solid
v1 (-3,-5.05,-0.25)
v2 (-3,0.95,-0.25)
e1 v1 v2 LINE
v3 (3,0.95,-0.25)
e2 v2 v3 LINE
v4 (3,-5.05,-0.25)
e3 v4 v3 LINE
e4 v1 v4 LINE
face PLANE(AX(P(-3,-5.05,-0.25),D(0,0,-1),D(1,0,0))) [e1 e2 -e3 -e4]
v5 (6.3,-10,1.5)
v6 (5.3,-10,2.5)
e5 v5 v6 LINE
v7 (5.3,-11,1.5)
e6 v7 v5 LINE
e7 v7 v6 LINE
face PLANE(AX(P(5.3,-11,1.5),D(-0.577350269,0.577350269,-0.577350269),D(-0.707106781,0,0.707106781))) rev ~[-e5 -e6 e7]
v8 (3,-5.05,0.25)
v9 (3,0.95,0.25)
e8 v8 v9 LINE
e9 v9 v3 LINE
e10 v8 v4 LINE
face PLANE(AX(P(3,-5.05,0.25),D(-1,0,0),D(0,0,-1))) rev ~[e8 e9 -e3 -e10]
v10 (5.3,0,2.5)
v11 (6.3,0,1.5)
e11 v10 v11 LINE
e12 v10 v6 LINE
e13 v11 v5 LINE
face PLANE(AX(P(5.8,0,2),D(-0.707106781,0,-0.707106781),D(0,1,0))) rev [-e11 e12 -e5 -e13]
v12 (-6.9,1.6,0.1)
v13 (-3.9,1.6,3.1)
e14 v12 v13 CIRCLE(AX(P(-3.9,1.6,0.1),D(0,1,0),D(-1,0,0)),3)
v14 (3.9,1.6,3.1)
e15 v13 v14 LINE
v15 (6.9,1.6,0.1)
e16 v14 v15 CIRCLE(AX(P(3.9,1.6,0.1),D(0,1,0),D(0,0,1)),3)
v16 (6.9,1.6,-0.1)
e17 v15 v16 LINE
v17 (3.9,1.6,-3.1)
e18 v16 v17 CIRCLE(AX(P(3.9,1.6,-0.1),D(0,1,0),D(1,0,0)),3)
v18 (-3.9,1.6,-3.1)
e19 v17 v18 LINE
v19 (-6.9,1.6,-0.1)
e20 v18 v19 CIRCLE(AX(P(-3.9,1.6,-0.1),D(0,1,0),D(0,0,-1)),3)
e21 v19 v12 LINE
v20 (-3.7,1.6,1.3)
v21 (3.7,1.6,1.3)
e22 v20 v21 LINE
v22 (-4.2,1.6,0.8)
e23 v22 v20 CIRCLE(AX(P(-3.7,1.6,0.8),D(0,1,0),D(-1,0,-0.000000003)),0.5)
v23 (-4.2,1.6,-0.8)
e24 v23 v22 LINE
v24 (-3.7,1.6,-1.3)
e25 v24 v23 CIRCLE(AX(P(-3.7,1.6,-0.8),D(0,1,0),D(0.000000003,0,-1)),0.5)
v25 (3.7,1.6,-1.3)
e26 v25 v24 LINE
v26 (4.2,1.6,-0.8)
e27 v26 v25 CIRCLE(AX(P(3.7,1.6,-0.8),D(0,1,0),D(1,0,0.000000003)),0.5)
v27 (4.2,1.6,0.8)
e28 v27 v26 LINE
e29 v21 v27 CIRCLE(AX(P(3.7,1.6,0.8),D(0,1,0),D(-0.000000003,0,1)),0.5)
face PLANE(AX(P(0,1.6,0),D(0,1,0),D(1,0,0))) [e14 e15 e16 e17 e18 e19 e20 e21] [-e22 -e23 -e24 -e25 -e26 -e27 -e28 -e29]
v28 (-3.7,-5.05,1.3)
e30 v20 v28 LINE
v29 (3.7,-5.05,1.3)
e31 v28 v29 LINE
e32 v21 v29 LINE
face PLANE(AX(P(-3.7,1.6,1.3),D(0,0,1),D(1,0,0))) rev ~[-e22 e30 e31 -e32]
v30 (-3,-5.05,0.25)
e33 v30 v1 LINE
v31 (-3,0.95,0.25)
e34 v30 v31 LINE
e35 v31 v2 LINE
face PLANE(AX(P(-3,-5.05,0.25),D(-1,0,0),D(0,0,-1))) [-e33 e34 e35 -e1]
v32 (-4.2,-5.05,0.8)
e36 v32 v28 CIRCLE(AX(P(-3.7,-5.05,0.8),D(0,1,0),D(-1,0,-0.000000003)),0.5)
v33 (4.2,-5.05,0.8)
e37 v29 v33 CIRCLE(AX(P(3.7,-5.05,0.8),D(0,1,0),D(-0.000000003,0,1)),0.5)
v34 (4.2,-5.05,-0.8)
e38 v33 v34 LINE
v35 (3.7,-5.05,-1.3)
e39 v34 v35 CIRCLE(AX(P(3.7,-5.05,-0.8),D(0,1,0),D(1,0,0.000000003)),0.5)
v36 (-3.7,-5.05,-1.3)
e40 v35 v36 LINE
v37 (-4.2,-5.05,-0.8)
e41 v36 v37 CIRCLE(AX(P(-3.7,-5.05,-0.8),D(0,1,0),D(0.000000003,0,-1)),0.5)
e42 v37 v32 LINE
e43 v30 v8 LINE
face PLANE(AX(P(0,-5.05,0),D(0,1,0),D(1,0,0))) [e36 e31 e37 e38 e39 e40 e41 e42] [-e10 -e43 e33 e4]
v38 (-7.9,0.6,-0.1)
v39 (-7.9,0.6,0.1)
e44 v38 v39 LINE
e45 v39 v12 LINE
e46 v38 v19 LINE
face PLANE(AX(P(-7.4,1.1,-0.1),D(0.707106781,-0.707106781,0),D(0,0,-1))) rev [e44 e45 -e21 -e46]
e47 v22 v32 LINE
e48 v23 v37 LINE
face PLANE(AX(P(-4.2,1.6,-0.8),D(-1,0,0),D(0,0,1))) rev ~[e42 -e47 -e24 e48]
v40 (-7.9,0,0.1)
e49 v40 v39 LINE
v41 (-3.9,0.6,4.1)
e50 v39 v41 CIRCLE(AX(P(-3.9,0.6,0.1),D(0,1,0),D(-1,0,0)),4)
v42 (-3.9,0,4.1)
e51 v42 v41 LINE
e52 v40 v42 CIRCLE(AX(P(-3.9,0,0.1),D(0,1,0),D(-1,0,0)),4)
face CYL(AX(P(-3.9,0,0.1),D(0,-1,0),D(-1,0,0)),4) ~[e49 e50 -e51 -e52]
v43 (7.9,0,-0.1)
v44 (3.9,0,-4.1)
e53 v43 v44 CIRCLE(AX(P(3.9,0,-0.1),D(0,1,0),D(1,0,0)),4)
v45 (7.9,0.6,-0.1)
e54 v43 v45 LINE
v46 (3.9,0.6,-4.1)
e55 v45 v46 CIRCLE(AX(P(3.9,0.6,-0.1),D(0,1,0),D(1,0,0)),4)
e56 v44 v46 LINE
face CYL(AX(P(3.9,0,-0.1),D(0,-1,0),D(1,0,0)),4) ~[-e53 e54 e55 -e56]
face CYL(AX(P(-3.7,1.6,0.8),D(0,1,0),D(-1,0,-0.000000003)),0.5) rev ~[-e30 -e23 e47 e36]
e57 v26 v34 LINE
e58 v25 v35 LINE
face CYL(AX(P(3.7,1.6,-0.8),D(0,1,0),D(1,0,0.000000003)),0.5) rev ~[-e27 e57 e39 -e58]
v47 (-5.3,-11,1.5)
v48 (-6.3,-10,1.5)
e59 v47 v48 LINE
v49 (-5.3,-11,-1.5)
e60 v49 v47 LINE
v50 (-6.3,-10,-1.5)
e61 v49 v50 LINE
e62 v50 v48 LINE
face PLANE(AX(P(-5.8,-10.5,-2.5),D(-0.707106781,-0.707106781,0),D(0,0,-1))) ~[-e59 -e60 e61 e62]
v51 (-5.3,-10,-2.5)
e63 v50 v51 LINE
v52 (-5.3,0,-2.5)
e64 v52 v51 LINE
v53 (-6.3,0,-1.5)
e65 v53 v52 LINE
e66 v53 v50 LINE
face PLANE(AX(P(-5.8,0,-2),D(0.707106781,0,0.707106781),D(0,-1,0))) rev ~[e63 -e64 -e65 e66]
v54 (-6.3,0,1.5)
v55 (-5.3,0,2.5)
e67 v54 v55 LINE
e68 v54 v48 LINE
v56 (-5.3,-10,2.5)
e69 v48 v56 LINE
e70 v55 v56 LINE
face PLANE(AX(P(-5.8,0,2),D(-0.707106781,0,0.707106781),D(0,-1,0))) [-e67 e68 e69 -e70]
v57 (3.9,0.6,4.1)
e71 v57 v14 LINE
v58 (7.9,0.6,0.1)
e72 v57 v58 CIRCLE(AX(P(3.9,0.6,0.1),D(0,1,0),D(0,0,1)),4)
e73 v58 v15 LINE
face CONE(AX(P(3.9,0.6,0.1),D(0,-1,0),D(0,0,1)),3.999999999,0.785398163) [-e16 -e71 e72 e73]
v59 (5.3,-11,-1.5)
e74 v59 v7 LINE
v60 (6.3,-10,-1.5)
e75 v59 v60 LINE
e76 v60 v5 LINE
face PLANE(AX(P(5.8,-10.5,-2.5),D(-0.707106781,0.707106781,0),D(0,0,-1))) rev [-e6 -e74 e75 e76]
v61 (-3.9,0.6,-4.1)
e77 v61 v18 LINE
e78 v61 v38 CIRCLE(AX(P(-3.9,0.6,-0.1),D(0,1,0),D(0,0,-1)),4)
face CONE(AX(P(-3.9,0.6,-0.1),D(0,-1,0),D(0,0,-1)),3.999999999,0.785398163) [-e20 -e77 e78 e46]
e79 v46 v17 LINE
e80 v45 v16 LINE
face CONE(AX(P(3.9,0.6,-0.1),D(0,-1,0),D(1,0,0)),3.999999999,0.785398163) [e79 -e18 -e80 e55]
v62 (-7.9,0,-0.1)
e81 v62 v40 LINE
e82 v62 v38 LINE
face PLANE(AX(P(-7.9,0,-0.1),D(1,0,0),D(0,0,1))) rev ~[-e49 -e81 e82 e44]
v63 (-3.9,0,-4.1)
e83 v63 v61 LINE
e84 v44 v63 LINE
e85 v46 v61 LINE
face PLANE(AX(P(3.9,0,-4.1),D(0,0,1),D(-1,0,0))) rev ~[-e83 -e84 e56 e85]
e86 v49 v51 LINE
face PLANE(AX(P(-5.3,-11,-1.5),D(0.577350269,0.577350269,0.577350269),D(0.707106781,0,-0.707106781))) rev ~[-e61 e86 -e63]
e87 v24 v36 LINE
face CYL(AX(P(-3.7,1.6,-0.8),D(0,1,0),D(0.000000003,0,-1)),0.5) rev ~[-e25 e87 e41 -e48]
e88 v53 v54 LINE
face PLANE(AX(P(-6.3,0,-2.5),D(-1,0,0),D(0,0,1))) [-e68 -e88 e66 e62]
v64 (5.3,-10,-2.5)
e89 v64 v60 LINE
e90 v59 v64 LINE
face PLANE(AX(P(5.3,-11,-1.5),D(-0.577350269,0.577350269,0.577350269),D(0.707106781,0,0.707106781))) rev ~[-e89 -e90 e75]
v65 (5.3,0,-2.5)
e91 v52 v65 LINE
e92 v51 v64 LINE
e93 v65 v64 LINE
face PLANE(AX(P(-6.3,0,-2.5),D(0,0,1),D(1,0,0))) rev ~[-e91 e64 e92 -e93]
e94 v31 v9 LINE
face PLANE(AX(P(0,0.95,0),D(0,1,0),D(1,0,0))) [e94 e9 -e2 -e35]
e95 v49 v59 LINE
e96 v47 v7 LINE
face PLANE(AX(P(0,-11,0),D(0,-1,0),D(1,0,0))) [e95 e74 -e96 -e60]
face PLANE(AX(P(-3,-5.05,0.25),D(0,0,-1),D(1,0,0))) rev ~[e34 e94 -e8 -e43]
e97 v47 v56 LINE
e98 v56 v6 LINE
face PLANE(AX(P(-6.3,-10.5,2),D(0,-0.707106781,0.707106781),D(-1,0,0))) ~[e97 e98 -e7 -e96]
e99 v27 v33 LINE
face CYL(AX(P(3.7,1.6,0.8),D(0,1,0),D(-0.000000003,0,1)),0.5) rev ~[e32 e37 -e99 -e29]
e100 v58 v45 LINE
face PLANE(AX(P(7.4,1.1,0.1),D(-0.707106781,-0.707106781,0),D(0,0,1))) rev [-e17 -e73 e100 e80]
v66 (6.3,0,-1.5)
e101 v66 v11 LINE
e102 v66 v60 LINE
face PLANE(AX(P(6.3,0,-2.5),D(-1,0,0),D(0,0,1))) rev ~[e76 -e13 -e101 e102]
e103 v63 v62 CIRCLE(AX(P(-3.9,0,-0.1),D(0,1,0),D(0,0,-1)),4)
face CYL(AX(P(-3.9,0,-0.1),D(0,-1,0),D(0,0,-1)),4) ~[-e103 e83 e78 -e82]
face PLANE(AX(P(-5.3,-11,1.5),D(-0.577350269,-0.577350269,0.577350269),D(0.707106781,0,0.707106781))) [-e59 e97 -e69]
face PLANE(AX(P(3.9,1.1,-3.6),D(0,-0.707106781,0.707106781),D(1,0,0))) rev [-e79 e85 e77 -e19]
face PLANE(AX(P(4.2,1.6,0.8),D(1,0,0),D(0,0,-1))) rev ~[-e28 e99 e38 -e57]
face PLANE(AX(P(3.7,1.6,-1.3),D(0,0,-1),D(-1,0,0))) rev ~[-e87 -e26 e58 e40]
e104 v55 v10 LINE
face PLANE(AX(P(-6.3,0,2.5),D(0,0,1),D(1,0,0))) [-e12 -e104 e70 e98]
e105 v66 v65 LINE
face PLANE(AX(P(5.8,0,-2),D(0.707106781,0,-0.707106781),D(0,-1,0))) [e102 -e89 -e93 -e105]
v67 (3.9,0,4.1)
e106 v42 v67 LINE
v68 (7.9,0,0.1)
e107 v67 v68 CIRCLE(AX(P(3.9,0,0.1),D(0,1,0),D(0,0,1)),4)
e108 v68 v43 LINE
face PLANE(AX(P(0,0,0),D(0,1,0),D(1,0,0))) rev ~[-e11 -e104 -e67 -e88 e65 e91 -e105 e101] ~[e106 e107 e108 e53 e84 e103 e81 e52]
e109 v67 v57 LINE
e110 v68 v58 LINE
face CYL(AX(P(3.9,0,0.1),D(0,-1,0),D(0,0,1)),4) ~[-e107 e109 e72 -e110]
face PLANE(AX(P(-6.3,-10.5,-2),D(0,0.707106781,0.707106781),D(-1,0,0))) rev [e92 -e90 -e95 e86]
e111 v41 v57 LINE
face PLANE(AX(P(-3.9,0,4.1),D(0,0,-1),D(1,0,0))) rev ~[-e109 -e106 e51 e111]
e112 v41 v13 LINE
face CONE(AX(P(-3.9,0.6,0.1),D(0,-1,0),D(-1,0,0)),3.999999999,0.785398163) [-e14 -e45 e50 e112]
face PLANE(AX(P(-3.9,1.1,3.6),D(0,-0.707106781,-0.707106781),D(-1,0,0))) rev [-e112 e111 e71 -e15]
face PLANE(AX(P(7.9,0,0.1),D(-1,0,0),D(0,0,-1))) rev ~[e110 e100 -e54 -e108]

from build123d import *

# Parameters (mm, degrees)
BOSS_EXTRUDE1_DEPTH = 1.6
CHAMFER1_SIZE       = 1
SKETCH3_W           = 12.6
SKETCH3_H           = 5
BOSS_EXTRUDE2_DEPTH = 11
CHAMFER2_SIZE       = 1
CUT_EXTRUDE1_DEPTH  = 6.65
SKETCH4_W           = 6
SKETCH4_H           = 0.5
BOSS_EXTRUDE3_DEPTH = 6


with BuildPart() as part:
    # Sketch1 → Boss-Extrude1 (new body)
    with BuildSketch(Plane(origin=(0, 0, 0), x_dir=(1, 0, 0), z_dir=(0, 1, 0))):
        with BuildLine():
            Line((-3.9, -4.1), (3.9, -4.1))
            ThreePointArc((3.9, -4.1), (6.728427125, -2.928427125), (7.9, -0.1))
            Line((7.9, -0.1), (7.9, 0.1))
            ThreePointArc((7.9, 0.1), (6.728427125, 2.928427125), (3.9, 4.1))
            Line((3.9, 4.1), (-3.9, 4.1))
            ThreePointArc((-3.9, 4.1), (-6.728427125, 2.928427125), (-7.9, 0.1))
            Line((-7.9, 0.1), (-7.9, -0.1))
            ThreePointArc((-7.9, -0.1), (-6.728427125, -2.928427125), (-3.9, -4.1))
        make_face()
    extrude(amount=BOSS_EXTRUDE1_DEPTH)

    # Chamfer1
    chamfer1_edges = [part.edges().sort_by_distance(p)[0] for p in [
        (6.728427125, 1.6, -2.928427125),
        (0, 1.6, -4.1),
        (-6.728427125, 1.6, -2.928427125),
        (-7.9, 1.6, 0),
        (-6.728427125, 1.6, 2.928427125),
        (0, 1.6, 4.1),
        (6.728427125, 1.6, 2.928427125),
        (7.9, 1.6, 0),
    ]]
    chamfer(chamfer1_edges, length=CHAMFER1_SIZE)

    # Sketch3 → Boss-Extrude2 (add)
    with BuildSketch(Plane.XZ):
        Rectangle(SKETCH3_W, SKETCH3_H)
    extrude(amount=BOSS_EXTRUDE2_DEPTH)

    # Chamfer2
    chamfer2_edges = [part.edges().sort_by_distance(p)[0] for p in [
        (-6.3, -5.5, 2.5),
        (-6.3, -5.5, -2.5),
        (6.3, -5.5, -2.5),
        (6.3, -5.5, 2.5),
        (-6.3, -11, 0),
        (0, -11, -2.5),
        (6.3, -11, 0),
        (0, -11, 2.5),
    ]]
    chamfer(chamfer2_edges, length=CHAMFER2_SIZE)

    # Sketch2 → Cut-Extrude1 (cut)
    with BuildSketch(Plane(origin=(0, 1.6, 0), x_dir=(1, 0, 0), z_dir=(0, 1, 0))):
        with BuildLine():
            Line((-3.7, -1.3), (3.7, -1.3))
            ThreePointArc((3.7, -1.3), (4.053553391, -1.153553391), (4.2, -0.8))
            Line((4.2, -0.8), (4.2, 0.8))
            ThreePointArc((4.2, 0.8), (4.053553391, 1.153553391), (3.7, 1.3))
            Line((3.7, 1.3), (-3.7, 1.3))
            ThreePointArc((-3.7, 1.3), (-4.053553391, 1.153553391), (-4.2, 0.8))
            Line((-4.2, 0.8), (-4.2, -0.8))
            ThreePointArc((-4.2, -0.8), (-4.053553391, -1.153553391), (-3.7, -1.3))
        make_face()
    extrude(amount=-CUT_EXTRUDE1_DEPTH, mode=Mode.SUBTRACT)

    # Sketch4 → Boss-Extrude3 (add)
    with BuildSketch(Plane(origin=(0, -5.05, 0), x_dir=(1, 0, 0), z_dir=(0, 1, 0))):
        Rectangle(SKETCH4_W, SKETCH4_H)
    extrude(amount=BOSS_EXTRUDE3_DEPTH)


solid = part.part
